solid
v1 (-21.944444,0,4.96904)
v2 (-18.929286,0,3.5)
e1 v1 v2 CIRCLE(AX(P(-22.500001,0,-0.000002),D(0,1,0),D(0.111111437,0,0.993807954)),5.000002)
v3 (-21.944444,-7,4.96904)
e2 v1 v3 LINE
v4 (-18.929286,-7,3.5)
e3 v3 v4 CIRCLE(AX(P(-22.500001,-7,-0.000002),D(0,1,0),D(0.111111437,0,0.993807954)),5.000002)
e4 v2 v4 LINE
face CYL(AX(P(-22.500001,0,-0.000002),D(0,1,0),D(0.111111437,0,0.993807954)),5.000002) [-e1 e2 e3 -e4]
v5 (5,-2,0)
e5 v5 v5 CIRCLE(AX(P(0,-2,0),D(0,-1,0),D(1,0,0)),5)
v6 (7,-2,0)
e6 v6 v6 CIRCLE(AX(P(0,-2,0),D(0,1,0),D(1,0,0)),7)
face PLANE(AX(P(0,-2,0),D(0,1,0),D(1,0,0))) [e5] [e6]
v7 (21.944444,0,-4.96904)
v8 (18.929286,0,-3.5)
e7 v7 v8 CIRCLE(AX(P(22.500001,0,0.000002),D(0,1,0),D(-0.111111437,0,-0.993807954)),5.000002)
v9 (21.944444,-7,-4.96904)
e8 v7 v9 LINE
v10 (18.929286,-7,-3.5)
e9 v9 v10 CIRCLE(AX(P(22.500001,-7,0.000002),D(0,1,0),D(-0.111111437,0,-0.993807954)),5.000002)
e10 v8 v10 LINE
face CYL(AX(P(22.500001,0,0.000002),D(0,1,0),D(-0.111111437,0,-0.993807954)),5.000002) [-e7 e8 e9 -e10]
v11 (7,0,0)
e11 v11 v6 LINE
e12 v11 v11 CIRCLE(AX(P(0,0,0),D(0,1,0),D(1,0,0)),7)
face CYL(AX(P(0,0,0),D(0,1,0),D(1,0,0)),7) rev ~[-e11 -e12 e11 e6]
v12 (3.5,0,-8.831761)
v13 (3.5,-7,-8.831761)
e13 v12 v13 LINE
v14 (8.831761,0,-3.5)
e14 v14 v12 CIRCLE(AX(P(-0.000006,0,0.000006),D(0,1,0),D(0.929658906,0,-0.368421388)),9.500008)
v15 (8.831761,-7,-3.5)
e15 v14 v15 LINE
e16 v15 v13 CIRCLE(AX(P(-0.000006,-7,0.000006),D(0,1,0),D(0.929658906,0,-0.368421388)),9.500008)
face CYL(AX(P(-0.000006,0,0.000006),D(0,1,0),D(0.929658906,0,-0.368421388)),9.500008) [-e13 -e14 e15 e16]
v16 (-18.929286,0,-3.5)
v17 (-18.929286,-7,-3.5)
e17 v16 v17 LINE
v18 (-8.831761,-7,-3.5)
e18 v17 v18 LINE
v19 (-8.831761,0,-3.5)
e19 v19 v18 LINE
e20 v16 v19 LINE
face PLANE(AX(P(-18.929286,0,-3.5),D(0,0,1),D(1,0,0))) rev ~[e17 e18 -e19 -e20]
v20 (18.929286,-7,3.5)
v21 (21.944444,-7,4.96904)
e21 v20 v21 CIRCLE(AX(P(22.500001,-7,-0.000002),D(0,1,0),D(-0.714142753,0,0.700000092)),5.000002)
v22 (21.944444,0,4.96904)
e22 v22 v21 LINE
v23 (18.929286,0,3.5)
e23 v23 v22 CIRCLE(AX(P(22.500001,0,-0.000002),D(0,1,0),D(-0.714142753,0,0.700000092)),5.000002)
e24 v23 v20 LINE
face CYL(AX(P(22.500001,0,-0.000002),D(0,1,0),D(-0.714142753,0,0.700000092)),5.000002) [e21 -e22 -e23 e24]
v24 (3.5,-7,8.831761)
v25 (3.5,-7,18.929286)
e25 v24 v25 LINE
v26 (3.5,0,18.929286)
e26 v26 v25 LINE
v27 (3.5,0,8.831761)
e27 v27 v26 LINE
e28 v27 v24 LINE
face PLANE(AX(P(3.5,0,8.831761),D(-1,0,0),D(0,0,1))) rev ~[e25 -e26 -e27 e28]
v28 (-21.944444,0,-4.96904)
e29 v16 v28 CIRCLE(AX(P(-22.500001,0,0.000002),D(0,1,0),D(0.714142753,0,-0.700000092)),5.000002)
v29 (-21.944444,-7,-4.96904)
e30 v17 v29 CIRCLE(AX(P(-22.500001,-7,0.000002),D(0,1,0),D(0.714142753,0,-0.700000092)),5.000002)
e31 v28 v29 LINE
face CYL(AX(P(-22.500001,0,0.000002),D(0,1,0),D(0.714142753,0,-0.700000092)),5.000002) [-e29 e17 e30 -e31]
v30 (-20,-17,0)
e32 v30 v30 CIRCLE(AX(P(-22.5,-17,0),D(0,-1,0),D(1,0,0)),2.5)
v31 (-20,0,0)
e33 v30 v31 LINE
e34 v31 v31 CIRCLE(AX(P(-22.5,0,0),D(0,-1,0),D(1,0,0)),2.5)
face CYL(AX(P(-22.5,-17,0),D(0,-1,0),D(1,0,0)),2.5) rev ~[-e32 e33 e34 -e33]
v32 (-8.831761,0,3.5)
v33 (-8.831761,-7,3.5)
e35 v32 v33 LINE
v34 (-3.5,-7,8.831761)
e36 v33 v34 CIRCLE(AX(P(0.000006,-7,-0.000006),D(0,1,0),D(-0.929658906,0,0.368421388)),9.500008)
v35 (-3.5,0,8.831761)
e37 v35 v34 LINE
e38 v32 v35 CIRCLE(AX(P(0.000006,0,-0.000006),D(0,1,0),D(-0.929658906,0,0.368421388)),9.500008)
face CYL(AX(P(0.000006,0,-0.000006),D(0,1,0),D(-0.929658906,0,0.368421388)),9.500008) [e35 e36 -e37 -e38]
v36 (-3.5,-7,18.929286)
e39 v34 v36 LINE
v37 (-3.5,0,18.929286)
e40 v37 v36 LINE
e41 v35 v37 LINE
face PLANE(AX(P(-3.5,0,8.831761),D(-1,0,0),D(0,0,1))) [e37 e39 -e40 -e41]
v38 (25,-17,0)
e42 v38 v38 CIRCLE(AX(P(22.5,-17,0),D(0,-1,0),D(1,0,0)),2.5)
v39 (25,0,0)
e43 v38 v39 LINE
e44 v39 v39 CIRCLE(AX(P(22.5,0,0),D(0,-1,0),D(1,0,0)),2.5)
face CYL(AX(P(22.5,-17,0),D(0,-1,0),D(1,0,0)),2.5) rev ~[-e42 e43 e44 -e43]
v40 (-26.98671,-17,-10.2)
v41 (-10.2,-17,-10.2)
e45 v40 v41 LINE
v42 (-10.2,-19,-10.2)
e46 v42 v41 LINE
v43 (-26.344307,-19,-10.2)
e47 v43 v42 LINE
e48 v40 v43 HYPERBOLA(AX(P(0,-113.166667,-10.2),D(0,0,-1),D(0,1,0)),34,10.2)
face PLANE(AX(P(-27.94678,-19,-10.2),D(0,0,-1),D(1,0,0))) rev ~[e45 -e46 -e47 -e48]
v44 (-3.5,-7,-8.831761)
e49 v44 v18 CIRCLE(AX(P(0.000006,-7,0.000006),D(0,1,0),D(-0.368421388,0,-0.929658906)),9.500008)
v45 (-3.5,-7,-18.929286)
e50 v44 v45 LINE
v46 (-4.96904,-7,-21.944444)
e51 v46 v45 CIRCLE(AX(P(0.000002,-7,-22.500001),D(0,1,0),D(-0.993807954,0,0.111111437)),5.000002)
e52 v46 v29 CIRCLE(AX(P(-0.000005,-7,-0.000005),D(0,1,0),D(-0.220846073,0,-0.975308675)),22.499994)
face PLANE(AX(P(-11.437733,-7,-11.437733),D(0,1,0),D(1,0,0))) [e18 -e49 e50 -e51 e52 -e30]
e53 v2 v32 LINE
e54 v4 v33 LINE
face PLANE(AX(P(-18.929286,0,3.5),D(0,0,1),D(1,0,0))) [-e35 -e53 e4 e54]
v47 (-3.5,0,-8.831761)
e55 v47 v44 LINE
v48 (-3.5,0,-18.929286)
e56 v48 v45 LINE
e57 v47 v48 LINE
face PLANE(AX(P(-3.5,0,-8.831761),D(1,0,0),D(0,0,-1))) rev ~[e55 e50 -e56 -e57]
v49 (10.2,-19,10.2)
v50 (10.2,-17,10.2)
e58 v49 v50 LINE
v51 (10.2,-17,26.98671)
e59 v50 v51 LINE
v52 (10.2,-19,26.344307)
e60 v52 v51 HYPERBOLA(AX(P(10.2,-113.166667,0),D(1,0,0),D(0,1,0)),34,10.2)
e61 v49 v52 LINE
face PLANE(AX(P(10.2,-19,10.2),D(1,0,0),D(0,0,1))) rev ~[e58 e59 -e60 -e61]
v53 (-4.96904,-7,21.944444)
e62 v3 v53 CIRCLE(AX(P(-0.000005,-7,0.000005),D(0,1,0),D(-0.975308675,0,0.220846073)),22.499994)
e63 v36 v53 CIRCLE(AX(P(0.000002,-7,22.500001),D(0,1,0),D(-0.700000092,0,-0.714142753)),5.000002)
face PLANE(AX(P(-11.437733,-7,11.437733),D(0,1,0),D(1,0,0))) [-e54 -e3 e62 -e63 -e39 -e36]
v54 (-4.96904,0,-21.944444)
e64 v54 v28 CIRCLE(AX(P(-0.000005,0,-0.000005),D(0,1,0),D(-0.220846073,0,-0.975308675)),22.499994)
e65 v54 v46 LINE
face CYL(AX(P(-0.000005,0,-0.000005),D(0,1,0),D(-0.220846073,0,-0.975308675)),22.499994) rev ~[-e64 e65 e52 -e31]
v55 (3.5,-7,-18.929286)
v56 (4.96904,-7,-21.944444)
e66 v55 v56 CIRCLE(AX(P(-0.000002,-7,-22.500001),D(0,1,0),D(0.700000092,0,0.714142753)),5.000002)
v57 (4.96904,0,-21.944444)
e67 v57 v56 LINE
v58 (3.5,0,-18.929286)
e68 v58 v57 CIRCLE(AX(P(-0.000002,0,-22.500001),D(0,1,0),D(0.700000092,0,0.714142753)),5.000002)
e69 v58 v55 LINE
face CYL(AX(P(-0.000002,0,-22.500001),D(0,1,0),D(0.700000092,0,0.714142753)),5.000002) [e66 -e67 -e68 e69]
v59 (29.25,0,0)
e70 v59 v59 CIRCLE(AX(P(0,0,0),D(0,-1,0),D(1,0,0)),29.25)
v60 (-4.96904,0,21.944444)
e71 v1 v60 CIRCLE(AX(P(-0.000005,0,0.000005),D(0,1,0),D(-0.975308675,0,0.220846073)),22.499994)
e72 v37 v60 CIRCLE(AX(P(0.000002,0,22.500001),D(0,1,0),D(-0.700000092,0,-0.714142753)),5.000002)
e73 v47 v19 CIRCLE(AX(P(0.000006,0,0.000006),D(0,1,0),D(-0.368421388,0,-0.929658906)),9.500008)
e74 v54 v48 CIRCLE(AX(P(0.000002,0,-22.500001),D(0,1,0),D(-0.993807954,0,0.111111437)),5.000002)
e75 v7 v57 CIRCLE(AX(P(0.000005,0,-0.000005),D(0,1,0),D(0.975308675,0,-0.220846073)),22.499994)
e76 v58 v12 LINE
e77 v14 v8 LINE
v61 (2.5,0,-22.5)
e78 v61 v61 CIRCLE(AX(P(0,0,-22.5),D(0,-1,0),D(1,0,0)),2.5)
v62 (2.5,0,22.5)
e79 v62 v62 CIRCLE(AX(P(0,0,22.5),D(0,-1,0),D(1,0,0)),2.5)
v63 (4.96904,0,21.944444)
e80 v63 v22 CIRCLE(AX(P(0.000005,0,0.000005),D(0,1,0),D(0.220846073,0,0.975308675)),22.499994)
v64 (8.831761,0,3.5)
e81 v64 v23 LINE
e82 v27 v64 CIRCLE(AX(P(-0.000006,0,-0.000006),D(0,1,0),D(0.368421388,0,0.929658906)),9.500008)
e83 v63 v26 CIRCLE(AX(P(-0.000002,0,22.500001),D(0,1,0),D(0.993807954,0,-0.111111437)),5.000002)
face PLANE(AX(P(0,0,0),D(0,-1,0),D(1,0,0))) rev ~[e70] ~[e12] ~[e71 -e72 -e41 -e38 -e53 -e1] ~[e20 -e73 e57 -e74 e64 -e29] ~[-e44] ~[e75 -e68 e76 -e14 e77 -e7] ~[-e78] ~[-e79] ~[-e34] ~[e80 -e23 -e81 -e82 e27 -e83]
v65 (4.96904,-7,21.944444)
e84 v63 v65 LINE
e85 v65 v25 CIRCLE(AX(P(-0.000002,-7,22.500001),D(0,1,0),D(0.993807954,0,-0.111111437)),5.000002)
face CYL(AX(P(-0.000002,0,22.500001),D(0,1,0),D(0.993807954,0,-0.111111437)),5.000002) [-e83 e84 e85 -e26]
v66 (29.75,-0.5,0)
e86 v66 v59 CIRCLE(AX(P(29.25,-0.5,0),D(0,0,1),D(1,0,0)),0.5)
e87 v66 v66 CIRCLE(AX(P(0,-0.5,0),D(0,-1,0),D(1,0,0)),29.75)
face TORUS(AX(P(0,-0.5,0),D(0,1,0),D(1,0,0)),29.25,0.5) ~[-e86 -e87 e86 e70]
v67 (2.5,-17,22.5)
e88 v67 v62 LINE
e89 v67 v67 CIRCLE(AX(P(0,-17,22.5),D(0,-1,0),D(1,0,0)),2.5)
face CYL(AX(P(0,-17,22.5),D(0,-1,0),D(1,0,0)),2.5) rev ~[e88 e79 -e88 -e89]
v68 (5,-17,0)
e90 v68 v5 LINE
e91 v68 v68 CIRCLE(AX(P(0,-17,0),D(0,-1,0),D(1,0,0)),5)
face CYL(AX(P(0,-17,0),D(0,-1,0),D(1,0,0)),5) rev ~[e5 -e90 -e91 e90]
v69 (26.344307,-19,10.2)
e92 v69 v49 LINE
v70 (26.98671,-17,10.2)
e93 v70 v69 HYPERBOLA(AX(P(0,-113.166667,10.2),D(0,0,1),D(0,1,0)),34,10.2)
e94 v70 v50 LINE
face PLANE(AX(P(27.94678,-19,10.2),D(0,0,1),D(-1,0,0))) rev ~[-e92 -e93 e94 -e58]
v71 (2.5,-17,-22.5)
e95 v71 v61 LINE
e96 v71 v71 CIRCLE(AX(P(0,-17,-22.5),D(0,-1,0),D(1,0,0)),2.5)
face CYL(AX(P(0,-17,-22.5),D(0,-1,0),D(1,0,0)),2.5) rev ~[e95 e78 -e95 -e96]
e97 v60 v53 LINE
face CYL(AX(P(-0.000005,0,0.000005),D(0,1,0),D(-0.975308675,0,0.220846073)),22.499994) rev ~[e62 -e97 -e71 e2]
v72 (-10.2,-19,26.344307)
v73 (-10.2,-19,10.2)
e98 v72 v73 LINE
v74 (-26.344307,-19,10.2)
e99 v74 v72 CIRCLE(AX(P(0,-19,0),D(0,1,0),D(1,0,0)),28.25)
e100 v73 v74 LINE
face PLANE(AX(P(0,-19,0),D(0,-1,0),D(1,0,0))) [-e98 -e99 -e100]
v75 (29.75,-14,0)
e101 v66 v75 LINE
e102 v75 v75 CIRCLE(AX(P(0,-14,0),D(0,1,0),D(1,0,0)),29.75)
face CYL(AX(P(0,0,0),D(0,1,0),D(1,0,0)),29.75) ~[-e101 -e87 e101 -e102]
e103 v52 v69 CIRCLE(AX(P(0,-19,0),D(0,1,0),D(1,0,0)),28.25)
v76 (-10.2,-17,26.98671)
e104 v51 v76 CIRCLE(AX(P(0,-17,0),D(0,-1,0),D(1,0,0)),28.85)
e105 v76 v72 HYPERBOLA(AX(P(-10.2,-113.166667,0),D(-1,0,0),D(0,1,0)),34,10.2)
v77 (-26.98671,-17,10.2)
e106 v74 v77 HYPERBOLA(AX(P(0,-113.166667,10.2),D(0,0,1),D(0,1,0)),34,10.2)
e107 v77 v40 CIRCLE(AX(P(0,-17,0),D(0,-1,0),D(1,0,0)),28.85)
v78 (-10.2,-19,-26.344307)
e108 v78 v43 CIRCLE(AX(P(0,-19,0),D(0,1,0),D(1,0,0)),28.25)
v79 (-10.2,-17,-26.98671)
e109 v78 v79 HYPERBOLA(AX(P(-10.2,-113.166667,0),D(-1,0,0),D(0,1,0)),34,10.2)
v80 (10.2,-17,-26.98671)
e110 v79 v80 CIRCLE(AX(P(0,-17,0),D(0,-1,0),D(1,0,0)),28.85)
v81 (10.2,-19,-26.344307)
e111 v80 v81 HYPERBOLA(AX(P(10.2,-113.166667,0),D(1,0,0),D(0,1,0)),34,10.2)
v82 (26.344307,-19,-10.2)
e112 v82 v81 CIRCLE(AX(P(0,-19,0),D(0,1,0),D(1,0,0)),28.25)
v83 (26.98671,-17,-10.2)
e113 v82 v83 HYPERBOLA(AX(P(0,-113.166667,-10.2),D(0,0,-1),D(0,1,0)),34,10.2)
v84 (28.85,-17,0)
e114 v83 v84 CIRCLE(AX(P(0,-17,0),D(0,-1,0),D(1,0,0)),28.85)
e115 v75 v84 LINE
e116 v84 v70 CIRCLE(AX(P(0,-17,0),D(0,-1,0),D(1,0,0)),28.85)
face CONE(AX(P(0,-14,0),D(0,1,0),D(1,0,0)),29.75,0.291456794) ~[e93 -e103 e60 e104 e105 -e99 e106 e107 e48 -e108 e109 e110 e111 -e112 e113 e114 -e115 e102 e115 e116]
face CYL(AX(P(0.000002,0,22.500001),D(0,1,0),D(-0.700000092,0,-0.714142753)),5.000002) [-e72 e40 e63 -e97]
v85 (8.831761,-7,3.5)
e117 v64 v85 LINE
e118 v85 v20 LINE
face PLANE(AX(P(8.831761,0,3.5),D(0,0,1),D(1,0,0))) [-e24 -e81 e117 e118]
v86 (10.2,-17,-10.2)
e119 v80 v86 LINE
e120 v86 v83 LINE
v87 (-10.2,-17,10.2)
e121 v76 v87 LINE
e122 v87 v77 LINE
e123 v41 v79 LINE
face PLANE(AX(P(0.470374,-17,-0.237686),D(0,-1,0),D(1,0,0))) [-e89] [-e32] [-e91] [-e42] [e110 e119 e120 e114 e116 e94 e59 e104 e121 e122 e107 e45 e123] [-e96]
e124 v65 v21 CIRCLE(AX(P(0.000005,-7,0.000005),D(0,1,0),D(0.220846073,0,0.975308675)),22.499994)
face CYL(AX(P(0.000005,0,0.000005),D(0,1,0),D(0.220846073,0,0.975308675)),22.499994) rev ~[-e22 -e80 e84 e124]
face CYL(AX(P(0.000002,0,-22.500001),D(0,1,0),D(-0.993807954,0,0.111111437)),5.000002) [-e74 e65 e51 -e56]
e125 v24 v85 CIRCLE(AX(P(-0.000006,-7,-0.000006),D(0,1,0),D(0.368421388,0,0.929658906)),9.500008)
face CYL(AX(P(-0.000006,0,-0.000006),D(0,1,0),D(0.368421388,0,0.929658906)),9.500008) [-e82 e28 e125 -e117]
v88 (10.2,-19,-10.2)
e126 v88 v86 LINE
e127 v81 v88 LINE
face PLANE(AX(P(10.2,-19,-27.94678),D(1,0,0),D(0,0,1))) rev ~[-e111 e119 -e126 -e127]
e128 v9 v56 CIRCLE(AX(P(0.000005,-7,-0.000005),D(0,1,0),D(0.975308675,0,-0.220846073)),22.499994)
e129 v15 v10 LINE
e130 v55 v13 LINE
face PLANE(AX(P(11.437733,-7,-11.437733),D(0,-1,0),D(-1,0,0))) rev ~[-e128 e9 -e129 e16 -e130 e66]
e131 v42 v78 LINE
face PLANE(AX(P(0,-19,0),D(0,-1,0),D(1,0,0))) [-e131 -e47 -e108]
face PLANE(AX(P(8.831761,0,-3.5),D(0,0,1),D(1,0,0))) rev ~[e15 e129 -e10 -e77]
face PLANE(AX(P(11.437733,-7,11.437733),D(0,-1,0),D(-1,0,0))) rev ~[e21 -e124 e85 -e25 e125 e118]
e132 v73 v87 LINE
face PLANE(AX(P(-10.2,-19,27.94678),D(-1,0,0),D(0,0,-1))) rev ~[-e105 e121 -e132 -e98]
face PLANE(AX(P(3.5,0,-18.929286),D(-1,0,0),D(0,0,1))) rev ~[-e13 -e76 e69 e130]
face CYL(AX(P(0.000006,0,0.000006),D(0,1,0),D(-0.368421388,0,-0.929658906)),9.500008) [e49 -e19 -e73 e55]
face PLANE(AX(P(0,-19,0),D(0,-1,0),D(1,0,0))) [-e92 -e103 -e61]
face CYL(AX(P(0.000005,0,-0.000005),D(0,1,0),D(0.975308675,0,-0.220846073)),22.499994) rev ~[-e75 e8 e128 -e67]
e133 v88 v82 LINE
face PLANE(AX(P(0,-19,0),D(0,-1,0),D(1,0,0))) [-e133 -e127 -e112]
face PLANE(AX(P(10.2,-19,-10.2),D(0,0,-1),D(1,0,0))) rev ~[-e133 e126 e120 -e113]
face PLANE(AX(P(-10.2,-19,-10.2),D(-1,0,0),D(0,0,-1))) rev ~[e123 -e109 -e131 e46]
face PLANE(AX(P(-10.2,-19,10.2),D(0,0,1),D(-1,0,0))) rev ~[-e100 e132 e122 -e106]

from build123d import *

# Parameters (mm, degrees)
SKETCH_R        = 29.75
PAD_DEPTH       = 19
POCKET_DEPTH    = 2
SKETCH002_R     = 5
HOLE_DEPTH      = 17.001
SKETCH003_R     = 2.5
HOLE001_DEPTH   = 17.001
POCKET001_DEPTH = 7
SKETCH005_R     = 7
POCKET002_DEPTH = 2
FILLET_R        = 0.5


with BuildPart() as part:
    # Sketch → Pad (new body)
    with BuildSketch(Plane.XZ):
        Circle(SKETCH_R)
    extrude(amount=PAD_DEPTH)

    # Sketch001 (on Face3 of Pad) → Pocket (cut)
    with BuildSketch(Plane.XZ.offset(19)):
        Polygon((-10.2, 27.94678), (-10.2, 10.2), (-27.94678, 10.2), (-38.800591, 2.809986), (-27.94678, -10.2), (-10.2, -10.2), (-10.2, -27.94678), (0.437611, -41.292454), (10.2, -27.94678), (10.2, -10.2), (27.94678, -10.2), (40.756752, -1.838068), (27.94678, 10.2), (10.2, 10.2), (10.2, 27.94678), (-0.319049, 40.318684), align=None)
    extrude(amount=-POCKET_DEPTH, mode=Mode.SUBTRACT)

    # Sketch002 (on Face3 of Pocket) → Hole (cut, through all)
    with BuildSketch(Plane.XZ.offset(17)):
        Circle(SKETCH002_R)
    extrude(amount=-HOLE_DEPTH, mode=Mode.SUBTRACT)

    # Sketch003 (on Face3 of Hole) → Hole001 (cut, through all)
    with BuildSketch(Plane.XZ.offset(17)):
        with Locations((0, 22.5)):
            Circle(SKETCH003_R)
        with Locations((22.5, 0)):
            Circle(SKETCH003_R)
        with Locations((0, -22.5)):
            Circle(SKETCH003_R)
        with Locations((-22.5, 0)):
            Circle(SKETCH003_R)
    extrude(amount=-HOLE001_DEPTH, mode=Mode.SUBTRACT)

    # Sketch004 (on Face2 of Hole001) → Pocket001 (cut)
    with BuildSketch(Plane(origin=(0, 0, 0), x_dir=(1, 0, 0), z_dir=(0, 1, 0))):
        with BuildLine():
            ThreePointArc((-21.944444, -4.96904), (-15.909903, -15.909903), (-4.96904, -21.944444))
            ThreePointArc((-3.5, -18.929286), (-4.494881, -20.310013), (-4.96904, -21.944444))
            Line((-3.5, -8.831761), (-3.5, -18.929286))
            ThreePointArc((-8.831761, -3.5), (-6.717514, -6.717514), (-3.5, -8.831761))
            Line((-18.929286, -3.5), (-8.831761, -3.5))
            ThreePointArc((-21.944444, -4.96904), (-20.310013, -4.494881), (-18.929286, -3.5))
        make_face()
        with BuildLine():
            ThreePointArc((8.831761, 3.5), (6.717514, 6.717514), (3.5, 8.831761))
            Line((3.5, 18.929286), (3.5, 8.831761))
            ThreePointArc((3.5, 18.929286), (4.494881, 20.310013), (4.96904, 21.944444))
            ThreePointArc((21.944444, 4.96904), (15.909903, 15.909903), (4.96904, 21.944444))
            ThreePointArc((21.944444, 4.96904), (20.310013, 4.494881), (18.929286, 3.5))
            Line((8.831761, 3.5), (18.929286, 3.5))
        make_face()
        with BuildLine():
            ThreePointArc((18.929286, -3.5), (20.310013, -4.494881), (21.944444, -4.96904))
            ThreePointArc((4.96904, -21.944444), (15.909903, -15.909903), (21.944444, -4.96904))
            ThreePointArc((4.96904, -21.944444), (4.494881, -20.310013), (3.5, -18.929286))
            Line((3.5, -8.831761), (3.5, -18.929286))
            ThreePointArc((3.5, -8.831761), (6.717514, -6.717514), (8.831761, -3.5))
            Line((8.831761, -3.5), (18.929286, -3.5))
        make_face()
        with BuildLine():
            Line((-3.5, 8.831761), (-3.5, 18.929286))
            ThreePointArc((-4.96904, 21.944444), (-4.494881, 20.310013), (-3.5, 18.929286))
            ThreePointArc((-4.96904, 21.944444), (-15.909903, 15.909903), (-21.944444, 4.96904))
            ThreePointArc((-18.929286, 3.5), (-20.310013, 4.494881), (-21.944444, 4.96904))
            Line((-18.929286, 3.5), (-8.831761, 3.5))
            ThreePointArc((-3.5, 8.831761), (-6.717514, 6.717514), (-8.831761, 3.5))
        make_face()
    extrude(amount=-POCKET001_DEPTH, mode=Mode.SUBTRACT)

    # Sketch005 (on Face2 of Pocket001) → Pocket002 (cut)
    with BuildSketch(Plane(origin=(0, 0, 0), x_dir=(1, 0, 0), z_dir=(0, 1, 0))):
        Circle(SKETCH005_R)
    extrude(amount=-POCKET002_DEPTH, mode=Mode.SUBTRACT)

    # Sketch006 (on DatumPlane) → Groove (revolve, cut)
    with BuildSketch(Plane(origin=(29.75, 0, 0), x_dir=(-1, 0, 0), z_dir=(0, 0, -1))):
        Polygon((0, -14), (1.5, -19), (0, -19), align=None)
    revolve(axis=Axis((0, 0, 0), (0, 1, 0)), mode=Mode.SUBTRACT)

    # Fillet
    fillet_edges = [part.edges().sort_by_distance(p)[0] for p in [
        (-29.75, 0, 0),
    ]]
    fillet(fillet_edges, radius=FILLET_R)


solid = part.part
